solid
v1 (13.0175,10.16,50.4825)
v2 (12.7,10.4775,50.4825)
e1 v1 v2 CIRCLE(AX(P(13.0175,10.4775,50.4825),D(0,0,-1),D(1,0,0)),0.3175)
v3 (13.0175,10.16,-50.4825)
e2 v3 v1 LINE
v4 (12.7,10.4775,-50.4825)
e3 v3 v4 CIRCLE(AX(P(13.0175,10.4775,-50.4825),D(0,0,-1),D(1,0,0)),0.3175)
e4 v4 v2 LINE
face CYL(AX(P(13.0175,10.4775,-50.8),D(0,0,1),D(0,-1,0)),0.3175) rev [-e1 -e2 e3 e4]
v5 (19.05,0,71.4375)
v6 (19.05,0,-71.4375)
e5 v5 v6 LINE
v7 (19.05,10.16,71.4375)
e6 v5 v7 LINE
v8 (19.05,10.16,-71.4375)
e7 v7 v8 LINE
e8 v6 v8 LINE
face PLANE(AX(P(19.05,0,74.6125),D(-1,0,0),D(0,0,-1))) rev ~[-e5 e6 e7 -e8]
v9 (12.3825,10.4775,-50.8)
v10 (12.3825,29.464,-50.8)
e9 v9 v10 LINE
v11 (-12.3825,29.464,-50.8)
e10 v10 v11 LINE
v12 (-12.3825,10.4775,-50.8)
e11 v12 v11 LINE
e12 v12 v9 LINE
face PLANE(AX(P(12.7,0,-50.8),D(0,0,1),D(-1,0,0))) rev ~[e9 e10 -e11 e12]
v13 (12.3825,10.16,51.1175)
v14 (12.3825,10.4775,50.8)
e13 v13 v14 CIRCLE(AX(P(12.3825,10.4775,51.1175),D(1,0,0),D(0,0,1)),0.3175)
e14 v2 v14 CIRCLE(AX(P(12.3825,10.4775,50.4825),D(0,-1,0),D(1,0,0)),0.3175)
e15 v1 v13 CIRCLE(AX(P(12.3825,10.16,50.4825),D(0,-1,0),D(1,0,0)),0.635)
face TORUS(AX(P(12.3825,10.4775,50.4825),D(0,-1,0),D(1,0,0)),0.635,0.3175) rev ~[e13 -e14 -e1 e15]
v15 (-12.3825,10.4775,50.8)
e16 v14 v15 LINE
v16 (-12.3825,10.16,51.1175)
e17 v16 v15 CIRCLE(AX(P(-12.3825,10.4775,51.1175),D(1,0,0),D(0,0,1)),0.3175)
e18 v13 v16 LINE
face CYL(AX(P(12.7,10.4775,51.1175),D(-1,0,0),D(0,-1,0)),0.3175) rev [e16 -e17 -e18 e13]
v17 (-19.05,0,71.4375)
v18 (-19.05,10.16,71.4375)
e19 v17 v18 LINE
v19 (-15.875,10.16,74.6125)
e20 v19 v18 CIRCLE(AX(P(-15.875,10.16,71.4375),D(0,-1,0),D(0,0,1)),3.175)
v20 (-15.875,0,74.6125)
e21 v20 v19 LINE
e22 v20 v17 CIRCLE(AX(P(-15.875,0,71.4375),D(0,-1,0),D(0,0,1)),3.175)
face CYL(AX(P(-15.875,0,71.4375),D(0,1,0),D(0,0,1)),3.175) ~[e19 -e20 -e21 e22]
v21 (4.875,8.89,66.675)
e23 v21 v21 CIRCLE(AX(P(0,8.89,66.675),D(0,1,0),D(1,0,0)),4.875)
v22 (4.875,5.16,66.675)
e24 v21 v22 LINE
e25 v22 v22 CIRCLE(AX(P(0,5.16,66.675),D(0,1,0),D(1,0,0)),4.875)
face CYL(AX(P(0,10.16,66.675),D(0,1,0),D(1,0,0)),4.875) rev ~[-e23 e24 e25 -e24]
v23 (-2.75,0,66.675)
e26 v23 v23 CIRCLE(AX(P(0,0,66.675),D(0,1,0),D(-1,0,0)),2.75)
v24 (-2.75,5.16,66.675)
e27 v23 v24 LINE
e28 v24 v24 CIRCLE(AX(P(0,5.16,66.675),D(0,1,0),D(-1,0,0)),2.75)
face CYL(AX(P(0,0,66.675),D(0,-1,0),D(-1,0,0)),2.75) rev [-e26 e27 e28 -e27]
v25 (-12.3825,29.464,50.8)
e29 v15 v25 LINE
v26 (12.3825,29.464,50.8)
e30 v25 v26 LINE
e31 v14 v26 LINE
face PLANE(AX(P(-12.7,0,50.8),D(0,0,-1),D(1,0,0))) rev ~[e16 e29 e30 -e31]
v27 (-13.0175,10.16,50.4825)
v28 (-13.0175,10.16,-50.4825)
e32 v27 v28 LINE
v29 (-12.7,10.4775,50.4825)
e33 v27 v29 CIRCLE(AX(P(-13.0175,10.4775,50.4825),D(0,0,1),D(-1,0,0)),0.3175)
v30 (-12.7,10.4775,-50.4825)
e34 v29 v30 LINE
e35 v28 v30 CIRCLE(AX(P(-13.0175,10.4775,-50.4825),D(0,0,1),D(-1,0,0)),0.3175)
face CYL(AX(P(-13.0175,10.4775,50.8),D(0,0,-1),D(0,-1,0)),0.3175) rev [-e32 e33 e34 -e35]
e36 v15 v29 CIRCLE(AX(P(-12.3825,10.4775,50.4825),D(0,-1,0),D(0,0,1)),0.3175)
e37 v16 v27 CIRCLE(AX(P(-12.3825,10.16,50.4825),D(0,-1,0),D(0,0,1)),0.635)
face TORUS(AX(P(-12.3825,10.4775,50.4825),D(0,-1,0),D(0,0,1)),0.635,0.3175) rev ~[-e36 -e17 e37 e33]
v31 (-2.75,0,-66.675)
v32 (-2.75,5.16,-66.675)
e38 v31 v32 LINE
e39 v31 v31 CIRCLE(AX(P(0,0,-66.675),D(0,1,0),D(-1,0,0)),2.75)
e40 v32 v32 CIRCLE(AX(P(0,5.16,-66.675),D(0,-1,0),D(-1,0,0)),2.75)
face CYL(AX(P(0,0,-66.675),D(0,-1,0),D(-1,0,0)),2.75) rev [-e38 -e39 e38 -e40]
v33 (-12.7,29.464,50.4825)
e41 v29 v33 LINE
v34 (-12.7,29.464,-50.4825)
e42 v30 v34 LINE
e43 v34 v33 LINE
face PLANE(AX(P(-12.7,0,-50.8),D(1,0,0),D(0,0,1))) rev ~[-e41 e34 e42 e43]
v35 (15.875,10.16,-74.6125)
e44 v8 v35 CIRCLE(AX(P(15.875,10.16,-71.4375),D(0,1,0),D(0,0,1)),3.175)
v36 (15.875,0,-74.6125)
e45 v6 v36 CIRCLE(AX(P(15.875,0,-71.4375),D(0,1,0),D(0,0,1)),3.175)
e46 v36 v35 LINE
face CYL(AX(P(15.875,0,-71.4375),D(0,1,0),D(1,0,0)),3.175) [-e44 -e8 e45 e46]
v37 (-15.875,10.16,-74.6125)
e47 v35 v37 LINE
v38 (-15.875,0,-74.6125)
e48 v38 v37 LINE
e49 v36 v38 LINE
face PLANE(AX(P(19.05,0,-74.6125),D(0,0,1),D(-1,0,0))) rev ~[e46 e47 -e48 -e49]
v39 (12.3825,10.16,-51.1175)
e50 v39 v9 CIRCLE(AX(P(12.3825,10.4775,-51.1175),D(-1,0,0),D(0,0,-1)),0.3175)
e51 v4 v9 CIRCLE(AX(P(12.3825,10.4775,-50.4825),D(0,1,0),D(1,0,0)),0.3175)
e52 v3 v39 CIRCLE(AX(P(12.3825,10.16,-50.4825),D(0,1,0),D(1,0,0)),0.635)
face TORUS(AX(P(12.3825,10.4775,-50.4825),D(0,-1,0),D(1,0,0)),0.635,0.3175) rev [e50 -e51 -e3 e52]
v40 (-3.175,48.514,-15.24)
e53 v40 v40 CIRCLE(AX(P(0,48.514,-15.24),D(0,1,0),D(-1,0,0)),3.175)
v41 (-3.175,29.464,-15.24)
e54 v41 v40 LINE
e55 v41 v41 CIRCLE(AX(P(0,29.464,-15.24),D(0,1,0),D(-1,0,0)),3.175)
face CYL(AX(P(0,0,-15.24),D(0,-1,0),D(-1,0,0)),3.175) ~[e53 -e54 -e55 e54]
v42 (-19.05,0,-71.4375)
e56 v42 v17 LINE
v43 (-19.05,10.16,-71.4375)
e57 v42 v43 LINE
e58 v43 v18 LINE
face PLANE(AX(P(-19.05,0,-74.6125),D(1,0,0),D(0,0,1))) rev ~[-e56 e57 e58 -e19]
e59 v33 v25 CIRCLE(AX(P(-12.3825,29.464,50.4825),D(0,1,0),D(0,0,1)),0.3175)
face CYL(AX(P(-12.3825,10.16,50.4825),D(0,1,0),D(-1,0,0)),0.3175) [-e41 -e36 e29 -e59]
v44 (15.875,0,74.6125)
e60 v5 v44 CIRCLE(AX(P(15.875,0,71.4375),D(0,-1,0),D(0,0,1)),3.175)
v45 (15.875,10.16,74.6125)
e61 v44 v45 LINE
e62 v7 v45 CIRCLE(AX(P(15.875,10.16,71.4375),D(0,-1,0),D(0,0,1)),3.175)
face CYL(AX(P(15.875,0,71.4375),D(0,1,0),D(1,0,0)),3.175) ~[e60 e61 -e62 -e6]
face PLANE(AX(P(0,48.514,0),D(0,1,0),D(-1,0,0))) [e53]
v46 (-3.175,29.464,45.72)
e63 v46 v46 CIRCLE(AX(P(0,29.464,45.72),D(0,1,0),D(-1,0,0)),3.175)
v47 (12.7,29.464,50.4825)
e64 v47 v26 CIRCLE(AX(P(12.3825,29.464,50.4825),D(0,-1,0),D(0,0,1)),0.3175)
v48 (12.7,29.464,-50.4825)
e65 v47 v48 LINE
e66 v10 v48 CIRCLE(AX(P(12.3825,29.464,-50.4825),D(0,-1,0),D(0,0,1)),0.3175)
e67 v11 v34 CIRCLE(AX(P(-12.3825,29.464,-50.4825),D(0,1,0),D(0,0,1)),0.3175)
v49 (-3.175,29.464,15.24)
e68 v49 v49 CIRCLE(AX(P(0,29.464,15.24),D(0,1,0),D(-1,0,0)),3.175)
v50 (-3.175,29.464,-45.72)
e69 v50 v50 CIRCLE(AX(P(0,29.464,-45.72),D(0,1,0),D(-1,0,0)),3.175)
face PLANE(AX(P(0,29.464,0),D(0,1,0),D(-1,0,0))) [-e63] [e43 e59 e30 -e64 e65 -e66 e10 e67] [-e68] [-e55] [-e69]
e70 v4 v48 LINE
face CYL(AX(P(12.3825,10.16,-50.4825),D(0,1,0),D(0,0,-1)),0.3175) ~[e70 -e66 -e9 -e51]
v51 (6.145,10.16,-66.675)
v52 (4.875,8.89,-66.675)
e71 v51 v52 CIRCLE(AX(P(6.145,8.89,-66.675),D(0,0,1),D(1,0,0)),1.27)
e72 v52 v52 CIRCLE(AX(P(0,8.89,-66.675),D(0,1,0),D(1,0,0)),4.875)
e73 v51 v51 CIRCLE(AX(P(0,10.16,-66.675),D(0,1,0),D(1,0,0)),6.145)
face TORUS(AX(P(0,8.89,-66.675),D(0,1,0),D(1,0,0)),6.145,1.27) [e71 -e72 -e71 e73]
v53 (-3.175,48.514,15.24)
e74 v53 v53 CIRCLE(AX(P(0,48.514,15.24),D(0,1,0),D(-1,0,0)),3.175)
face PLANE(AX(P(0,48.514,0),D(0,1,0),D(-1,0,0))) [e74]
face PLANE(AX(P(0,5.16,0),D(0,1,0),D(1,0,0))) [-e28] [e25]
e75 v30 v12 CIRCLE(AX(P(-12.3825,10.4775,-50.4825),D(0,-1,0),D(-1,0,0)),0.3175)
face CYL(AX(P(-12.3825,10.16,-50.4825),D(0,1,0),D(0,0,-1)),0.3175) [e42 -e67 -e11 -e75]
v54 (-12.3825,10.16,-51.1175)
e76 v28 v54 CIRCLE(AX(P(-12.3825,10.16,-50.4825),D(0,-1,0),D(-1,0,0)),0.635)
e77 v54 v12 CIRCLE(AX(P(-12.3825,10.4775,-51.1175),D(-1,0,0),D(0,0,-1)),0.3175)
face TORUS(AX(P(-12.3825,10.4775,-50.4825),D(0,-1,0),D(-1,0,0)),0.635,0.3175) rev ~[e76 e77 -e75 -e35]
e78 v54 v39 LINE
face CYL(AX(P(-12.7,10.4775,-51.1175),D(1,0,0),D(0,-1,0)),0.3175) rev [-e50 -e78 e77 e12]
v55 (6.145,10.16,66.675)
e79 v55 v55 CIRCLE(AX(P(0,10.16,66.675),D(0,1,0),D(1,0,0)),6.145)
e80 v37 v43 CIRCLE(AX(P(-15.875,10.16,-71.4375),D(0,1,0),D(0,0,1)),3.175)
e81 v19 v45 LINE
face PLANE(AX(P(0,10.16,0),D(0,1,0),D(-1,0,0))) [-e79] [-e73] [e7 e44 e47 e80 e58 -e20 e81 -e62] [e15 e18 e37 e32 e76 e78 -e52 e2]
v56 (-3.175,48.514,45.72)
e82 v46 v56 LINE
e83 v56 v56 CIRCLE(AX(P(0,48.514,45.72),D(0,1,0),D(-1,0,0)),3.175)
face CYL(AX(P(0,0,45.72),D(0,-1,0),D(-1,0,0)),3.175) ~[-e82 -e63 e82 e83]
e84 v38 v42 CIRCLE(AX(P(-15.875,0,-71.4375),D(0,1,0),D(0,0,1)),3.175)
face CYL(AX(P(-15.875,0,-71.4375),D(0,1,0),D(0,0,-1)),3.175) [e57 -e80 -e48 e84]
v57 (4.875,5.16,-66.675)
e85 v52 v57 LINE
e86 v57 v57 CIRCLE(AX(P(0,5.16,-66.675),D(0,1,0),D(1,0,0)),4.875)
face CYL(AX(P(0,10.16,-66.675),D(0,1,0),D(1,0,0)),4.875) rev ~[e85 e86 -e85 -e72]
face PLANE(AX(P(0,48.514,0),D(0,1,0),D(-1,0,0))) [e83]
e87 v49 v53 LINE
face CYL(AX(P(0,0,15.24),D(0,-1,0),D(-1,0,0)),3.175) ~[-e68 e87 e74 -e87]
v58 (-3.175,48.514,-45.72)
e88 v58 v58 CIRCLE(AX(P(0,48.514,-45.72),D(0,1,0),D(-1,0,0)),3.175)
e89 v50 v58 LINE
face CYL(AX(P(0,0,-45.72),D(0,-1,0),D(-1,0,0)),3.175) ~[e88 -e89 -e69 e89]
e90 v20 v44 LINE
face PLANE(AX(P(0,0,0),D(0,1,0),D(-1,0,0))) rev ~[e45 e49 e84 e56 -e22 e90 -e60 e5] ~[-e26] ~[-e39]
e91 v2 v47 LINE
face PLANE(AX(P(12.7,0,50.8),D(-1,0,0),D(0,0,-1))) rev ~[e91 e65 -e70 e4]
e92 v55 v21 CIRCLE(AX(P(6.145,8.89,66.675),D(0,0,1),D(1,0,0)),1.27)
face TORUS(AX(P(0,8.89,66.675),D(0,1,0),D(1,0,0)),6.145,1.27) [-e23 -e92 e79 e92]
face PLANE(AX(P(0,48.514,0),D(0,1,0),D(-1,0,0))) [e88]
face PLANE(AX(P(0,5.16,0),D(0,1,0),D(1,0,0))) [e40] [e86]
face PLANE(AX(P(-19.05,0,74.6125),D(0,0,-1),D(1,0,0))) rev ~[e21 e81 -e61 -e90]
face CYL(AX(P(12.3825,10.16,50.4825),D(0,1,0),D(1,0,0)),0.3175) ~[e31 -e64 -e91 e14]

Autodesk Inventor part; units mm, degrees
ref_plane "YZ Plane" through (0, 0, 0) normal (1, 0, 0) x (0, 1, 0)
ref_plane "XZ Plane" through (0, 0, 0) normal (0, 1, 0) x (-1, 0, 0)
ref_plane "XY Plane" through (0, 0, 0) normal (0, 0, 1) x (1, 0, 0)
sketch "Sketch1" plane through (0, 0, 0) normal (0, 1, 0) x (-1, 0, 0)
  line L0 (-19.05, -74.6125) -> (19.05, -74.6125)
  line L1 (19.05, -74.6125) -> (19.05, 74.6125)
  line L2 (19.05, 74.6125) -> (-19.05, 74.6125)
  line L3 (-19.05, 74.6125) -> (-19.05, -74.6125)
  line L4 (-19.05, -74.6125) -> (19.05, 74.6125) construction
  line L5 (19.05, -74.6125) -> (-19.05, 74.6125) construction
  circle A0 centre (0, 66.675) radius 2.75
  circle A1 centre (0, -66.675) radius 2.75
  line L6 (-12.7, -50.8) -> (12.7, -50.8)
  line L7 (12.7, -50.8) -> (12.7, 50.8)
  line L8 (12.7, 50.8) -> (-12.7, 50.8)
  line L9 (-12.7, 50.8) -> (-12.7, -50.8)
  line L10 (-12.7, -50.8) -> (12.7, 50.8) construction
  line L11 (12.7, -50.8) -> (-12.7, 50.8) construction
  circle A2 centre (0, -15.24) radius 3.175
  circle A3 centre (0, -45.72) radius 3.175
  circle A4 centre (0, 15.24) radius 3.175
  circle A5 centre (0, 45.72) radius 3.175
  point P0 (0, 0)
  point P1 (0, 50.8)
  dimension "d0" = 38.1
  dimension "d1" = 149.225
  dimension "d2" = 133.35
  dimension "d3" = 5.5
  dimension "d4" = 5.5
  dimension "d7" = 25.4
  dimension "d8" = 101.6
  dimension "d9" = 6.35
  dimension "d10" = 6.35
  dimension "d11" = 6.35
  dimension "d12" = 6.35
  dimension "d13" = 30.48
  dimension "d14" = 30.48
  dimension "d16" = 5.08
  dimension "d17" = 5.08
  dimension "d19" = 30.48
  dimension "d20" = 66.675
extrude "Extrusion1" add sketch "Sketch1" along normal blind 10.16 contours L3 L2 L1 L0 | L9 L8 L7 L6 | A2 | A3 | A4 | A5
extrude "Extrusion2" add sketch "Sketch1" along normal blind 29.464 contours L9 L8 L7 L6
extrude "Extrusion3" add sketch "Sketch1" along normal blind 48.514 contours A2 | A3 | A4 | A5
sketch "Sketch2" plane through (0, 10.16, 0) normal (0, 1, 0) x (1, 0, 0)
  circle A0 centre (0, -66.675) radius 4.875
  circle A1 centre (0, -66.675) radius 2.75 projected
  circle A2 centre (0, 66.675) radius 4.875
  circle A3 centre (0, 66.675) radius 2.75 projected
  point P0 (0, 0)
  dimension "d25" = 9.75
  dimension "d26" = 9.75
extrude "Extrusion4" cut sketch "Sketch2" against normal blind 5 contours A0 | A2 | A3
fillet "Fillet1" radius 0.3175 8 edges at (12.7, 19.812, 50.8) (-12.7, 19.812, 50.8) (12.7, 19.812, -50.8) (-12.7, 19.812, -50.8) (12.7, 10.16, 0) (0, 10.16, 50.8) (-12.7, 10.16, 0) (0, 10.16, -50.8)
fillet "Fillet2" radius 3.175 4 edges at (19.05, 5.08, 74.6125) (-19.05, 5.08, 74.6125) (19.05, 5.08, -74.6125) (-19.05, 5.08, -74.6125)
fillet "Fillet3" radius 1.27 2 edges at (-4.875, 10.16, 66.675) (-4.875, 10.16, -66.675)
equation "\"d4\" = d3"
equation "\"d10\" = d9"
equation "\"d11\" = d9"
equation "\"d12\" = d9"
equation "\"d20\" = 0.5 * d2"
properties part number "BlueSea_BusBar"
